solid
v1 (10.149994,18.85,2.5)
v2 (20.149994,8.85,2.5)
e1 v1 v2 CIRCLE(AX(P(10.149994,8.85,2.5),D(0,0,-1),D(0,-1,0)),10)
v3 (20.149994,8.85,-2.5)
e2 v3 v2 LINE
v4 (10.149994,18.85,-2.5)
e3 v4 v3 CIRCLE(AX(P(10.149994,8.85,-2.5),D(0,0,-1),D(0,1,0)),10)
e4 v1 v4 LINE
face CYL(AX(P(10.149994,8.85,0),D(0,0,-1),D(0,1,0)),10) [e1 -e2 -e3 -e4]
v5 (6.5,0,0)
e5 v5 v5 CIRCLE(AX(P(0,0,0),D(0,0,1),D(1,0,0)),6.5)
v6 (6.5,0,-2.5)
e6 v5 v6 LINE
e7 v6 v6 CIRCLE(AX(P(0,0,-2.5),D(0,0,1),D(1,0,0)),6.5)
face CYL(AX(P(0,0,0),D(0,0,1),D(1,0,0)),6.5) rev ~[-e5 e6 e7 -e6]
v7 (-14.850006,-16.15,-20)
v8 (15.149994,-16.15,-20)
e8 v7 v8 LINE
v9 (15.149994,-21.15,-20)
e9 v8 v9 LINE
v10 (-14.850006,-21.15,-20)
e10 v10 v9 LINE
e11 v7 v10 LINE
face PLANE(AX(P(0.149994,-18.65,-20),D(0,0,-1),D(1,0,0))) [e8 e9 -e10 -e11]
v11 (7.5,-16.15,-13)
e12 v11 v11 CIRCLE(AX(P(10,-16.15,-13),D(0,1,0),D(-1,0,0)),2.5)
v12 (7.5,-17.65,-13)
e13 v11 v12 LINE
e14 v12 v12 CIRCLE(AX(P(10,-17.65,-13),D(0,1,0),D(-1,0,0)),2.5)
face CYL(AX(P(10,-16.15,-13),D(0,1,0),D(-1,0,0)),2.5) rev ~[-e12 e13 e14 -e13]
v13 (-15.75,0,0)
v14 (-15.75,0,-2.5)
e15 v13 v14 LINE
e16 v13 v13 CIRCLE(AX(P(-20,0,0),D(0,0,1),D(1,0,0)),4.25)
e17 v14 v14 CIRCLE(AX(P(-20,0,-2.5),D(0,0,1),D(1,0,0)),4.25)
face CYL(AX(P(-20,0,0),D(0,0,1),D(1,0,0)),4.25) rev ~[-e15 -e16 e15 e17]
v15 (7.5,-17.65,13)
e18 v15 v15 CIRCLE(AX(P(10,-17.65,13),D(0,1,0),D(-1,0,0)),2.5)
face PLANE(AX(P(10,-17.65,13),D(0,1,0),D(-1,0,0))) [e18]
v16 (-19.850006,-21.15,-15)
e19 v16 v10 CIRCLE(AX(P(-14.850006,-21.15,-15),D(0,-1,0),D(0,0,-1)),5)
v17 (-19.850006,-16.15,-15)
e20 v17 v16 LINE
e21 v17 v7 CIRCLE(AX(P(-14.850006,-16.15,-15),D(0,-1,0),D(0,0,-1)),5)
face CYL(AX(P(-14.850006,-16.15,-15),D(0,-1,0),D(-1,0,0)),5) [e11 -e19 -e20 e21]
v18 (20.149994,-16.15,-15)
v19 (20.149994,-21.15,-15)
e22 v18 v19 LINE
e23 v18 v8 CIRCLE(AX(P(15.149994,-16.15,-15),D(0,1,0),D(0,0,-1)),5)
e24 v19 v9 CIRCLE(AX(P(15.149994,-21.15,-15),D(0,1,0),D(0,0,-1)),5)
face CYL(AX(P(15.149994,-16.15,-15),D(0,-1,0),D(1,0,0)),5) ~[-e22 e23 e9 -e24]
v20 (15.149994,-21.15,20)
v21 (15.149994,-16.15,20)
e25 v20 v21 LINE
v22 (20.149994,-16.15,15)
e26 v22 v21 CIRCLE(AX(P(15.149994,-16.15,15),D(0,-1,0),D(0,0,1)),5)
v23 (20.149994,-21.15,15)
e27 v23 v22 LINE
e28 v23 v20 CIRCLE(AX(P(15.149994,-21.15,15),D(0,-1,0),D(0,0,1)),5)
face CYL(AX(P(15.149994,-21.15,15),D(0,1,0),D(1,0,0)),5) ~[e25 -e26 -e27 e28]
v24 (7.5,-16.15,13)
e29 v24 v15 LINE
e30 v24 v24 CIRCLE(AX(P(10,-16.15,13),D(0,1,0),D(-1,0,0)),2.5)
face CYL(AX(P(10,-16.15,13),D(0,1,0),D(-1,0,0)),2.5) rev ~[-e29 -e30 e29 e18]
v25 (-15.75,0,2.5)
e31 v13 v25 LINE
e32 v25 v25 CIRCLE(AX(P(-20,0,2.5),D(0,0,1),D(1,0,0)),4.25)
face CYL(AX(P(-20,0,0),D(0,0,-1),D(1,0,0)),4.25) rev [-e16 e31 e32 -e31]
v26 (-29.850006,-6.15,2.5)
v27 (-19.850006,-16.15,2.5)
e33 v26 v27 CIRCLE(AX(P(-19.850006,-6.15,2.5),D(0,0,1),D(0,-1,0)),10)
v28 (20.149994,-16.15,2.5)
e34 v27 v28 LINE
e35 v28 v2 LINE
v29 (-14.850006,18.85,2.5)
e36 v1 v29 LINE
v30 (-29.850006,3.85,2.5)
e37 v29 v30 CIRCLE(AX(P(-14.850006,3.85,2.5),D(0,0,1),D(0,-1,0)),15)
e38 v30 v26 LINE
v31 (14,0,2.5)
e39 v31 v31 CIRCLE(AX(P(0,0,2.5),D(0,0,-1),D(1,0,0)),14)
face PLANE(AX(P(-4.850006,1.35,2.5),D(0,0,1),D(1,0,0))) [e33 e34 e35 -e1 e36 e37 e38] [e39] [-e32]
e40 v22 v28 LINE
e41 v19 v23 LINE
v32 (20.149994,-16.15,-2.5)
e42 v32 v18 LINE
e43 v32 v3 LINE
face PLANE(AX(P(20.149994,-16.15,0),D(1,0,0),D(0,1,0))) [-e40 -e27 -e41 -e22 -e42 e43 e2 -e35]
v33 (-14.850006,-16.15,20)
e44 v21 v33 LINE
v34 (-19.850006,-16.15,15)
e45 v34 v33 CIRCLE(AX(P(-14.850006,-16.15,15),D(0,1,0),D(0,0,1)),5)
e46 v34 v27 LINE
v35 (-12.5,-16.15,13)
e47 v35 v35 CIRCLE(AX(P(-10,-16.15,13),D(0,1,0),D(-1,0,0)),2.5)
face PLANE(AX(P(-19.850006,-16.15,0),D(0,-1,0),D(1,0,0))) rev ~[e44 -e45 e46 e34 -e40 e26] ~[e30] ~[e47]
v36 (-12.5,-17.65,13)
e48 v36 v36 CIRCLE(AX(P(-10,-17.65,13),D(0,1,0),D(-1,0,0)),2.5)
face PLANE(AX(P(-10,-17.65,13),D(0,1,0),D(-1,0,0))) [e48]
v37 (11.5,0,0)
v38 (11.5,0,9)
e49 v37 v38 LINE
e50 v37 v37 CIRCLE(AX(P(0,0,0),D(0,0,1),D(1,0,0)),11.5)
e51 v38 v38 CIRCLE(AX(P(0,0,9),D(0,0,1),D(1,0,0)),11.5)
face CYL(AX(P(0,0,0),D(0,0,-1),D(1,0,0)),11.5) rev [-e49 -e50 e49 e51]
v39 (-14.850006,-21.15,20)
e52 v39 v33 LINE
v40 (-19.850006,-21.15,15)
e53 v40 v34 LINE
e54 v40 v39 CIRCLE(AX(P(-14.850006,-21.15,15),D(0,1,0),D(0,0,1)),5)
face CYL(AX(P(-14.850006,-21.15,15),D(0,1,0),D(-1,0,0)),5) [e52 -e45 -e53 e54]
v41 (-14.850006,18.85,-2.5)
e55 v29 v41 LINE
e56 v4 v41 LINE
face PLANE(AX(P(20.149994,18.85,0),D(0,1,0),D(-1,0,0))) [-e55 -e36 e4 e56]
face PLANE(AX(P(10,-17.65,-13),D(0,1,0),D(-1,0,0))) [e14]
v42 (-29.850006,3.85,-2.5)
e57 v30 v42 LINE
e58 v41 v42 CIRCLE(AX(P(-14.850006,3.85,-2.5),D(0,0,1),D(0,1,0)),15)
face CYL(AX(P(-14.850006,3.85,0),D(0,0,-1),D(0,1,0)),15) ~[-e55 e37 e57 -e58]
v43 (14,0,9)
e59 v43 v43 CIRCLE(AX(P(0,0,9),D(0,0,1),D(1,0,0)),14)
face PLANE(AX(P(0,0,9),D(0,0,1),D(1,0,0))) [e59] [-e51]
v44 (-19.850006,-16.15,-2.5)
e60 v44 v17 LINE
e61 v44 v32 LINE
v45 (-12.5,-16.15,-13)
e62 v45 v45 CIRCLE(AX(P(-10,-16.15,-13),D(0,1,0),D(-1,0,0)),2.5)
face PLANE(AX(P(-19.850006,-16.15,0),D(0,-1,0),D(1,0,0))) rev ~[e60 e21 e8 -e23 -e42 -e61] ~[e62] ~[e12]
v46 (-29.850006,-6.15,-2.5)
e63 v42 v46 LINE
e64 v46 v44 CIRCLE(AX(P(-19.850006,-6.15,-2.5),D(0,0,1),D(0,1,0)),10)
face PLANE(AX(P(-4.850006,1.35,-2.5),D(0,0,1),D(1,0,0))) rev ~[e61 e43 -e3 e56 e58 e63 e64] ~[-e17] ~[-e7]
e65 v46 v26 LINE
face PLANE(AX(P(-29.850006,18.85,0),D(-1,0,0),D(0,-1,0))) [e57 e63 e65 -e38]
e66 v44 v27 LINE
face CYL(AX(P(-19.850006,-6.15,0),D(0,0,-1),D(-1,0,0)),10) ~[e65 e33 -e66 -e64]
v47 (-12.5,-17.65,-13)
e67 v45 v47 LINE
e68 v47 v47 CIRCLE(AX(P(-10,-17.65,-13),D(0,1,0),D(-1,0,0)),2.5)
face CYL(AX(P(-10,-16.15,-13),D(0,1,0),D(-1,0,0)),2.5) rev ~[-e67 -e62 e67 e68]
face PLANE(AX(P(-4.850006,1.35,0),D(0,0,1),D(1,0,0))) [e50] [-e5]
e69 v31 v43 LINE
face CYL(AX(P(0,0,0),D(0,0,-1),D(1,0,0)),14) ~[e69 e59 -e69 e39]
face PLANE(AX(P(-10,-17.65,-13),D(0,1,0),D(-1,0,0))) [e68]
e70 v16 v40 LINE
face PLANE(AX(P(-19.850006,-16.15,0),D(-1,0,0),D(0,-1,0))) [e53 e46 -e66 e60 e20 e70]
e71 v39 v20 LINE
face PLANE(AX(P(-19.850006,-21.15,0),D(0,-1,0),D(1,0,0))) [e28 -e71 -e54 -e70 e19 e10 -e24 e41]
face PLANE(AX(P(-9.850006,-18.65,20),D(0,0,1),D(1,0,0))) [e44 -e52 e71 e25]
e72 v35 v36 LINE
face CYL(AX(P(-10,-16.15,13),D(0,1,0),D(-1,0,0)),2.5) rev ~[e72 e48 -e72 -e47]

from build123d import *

# Parameters (mm, degrees)
F0_W      = 20
F0_H      = 5
F1_DEPTH  = 20
F1_FACE_W = 40
F1_FACE_H = 5
F2_DEPTH  = 20
F0_R      = 14
F0_R_2    = 11.5
F3_DEPTH  = 9
F0_R_3    = 4.25
F4_DEPTH  = 2.5
F0_R_4    = 6.5
F5_DEPTH  = 2.5
F6_R      = 15
F6_2_R    = 15
F7_R      = 10
F7_2_R    = 10
F8_R      = 10
F8_2_R    = 10
F9_R      = 5
F11_R     = 2.5
F12_DEPTH = 1.5


with BuildPart() as f1:
    # F0 (on Top) → F1 (new body)
    with BuildSketch(Plane.XY):
        with Locations((-9.850006, -18.65)):
            Rectangle(F0_W, F0_H)
        with Locations((10.149994, -18.65)):
            Rectangle(F0_W, F0_H)
    extrude(amount=F1_DEPTH)

    # F1_face (on face) → F2 (join)
    with BuildSketch(Plane(origin=(0.149994, -18.65, 0), x_dir=(1, 0, 0), z_dir=(0, 0, -1))):
        Rectangle(F1_FACE_W, F1_FACE_H)
    extrude(amount=F2_DEPTH)

    # F9
    f9_edges = [f1.edges().sort_by_distance(p)[0] for p in [
        (-19.850006, -18.65, 20),
        (20.149994, -18.65, 20),
        (20.149994, -18.65, -20),
        (-19.850006, -18.65, -20),
    ]]
    fillet(f9_edges, radius=F9_R)


with BuildPart() as f3:
    # F0 (on Top) → F3 (new body)
    with BuildSketch(Plane.XY):
        Circle(F0_R)
        Circle(F0_R_2, mode=Mode.SUBTRACT)
    extrude(amount=F3_DEPTH)


with BuildPart() as f4:
    # F0 (on Top) → F4 (new body)
    with BuildSketch(Plane.XY):
        Polygon((-19.850006, -16.15), (0.149994, -16.15), (20.149994, -16.15), (20.149994, 18.85), (-29.850006, 18.85), (-29.850006, -16.15), align=None)
        with Locations((-20, 0)):
            Circle(F0_R_3, mode=Mode.SUBTRACT)
        Circle(F0_R, mode=Mode.SUBTRACT)
        Circle(F0_R)
        Circle(F0_R_2, mode=Mode.SUBTRACT)
    extrude(amount=F4_DEPTH)

    # F6#2
    f6_2_edges = [f4.edges().sort_by_distance(p)[0] for p in [
        (-29.850006, 18.85, 1.25),
    ]]
    fillet(f6_2_edges, radius=F6_2_R)

    # F7#2
    f7_2_edges = [f4.edges().sort_by_distance(p)[0] for p in [
        (20.149994, 18.85, 1.25),
    ]]
    fillet(f7_2_edges, radius=F7_2_R)

    # F8#2
    f8_2_edges = [f4.edges().sort_by_distance(p)[0] for p in [
        (-29.850006, -16.15, 1.25),
    ]]
    fillet(f8_2_edges, radius=F8_2_R)


with BuildPart() as f5:
    # F0 (on Top) → F5 (new body)
    with BuildSketch(Plane.XY):
        Polygon((-19.850006, -16.15), (0.149994, -16.15), (20.149994, -16.15), (20.149994, 18.85), (-29.850006, 18.85), (-29.850006, -16.15), align=None)
        with Locations((-20, 0)):
            Circle(F0_R_3, mode=Mode.SUBTRACT)
        Circle(F0_R, mode=Mode.SUBTRACT)
        Circle(F0_R)
        Circle(F0_R_2, mode=Mode.SUBTRACT)
        Circle(F0_R_2)
        Circle(F0_R_4, mode=Mode.SUBTRACT)
    extrude(amount=-F5_DEPTH)

    # F6
    f6_edges = [f5.edges().sort_by_distance(p)[0] for p in [
        (-29.850006, 18.85, -1.25),
    ]]
    fillet(f6_edges, radius=F6_R)

    # F7
    f7_edges = [f5.edges().sort_by_distance(p)[0] for p in [
        (20.149994, 18.85, -1.25),
    ]]
    fillet(f7_edges, radius=F7_R)

    # F8
    f8_edges = [f5.edges().sort_by_distance(p)[0] for p in [
        (-29.850006, -16.15, -1.25),
    ]]
    fillet(f8_edges, radius=F8_R)


with BuildPart() as f1_1:
    add(f1.part)

    # F10: union F3, F4, F5
    add(f3.part)
    add(f4.part)
    add(f5.part)

    # F11 (on face) → F12 (cut)
    with BuildSketch(Plane(origin=(0, -16.15, 0), x_dir=(-1, 0, 0), z_dir=(0, 1, 0))):
        with Locations((-10, 13)):
            Circle(F11_R)
        with Locations((10, 13)):
            Circle(F11_R)
        with Locations((-10, -13)):
            Circle(F11_R)
        with Locations((10, -13)):
            Circle(F11_R)
    extrude(amount=-F12_DEPTH, mode=Mode.SUBTRACT)


solid = f1_1.part
